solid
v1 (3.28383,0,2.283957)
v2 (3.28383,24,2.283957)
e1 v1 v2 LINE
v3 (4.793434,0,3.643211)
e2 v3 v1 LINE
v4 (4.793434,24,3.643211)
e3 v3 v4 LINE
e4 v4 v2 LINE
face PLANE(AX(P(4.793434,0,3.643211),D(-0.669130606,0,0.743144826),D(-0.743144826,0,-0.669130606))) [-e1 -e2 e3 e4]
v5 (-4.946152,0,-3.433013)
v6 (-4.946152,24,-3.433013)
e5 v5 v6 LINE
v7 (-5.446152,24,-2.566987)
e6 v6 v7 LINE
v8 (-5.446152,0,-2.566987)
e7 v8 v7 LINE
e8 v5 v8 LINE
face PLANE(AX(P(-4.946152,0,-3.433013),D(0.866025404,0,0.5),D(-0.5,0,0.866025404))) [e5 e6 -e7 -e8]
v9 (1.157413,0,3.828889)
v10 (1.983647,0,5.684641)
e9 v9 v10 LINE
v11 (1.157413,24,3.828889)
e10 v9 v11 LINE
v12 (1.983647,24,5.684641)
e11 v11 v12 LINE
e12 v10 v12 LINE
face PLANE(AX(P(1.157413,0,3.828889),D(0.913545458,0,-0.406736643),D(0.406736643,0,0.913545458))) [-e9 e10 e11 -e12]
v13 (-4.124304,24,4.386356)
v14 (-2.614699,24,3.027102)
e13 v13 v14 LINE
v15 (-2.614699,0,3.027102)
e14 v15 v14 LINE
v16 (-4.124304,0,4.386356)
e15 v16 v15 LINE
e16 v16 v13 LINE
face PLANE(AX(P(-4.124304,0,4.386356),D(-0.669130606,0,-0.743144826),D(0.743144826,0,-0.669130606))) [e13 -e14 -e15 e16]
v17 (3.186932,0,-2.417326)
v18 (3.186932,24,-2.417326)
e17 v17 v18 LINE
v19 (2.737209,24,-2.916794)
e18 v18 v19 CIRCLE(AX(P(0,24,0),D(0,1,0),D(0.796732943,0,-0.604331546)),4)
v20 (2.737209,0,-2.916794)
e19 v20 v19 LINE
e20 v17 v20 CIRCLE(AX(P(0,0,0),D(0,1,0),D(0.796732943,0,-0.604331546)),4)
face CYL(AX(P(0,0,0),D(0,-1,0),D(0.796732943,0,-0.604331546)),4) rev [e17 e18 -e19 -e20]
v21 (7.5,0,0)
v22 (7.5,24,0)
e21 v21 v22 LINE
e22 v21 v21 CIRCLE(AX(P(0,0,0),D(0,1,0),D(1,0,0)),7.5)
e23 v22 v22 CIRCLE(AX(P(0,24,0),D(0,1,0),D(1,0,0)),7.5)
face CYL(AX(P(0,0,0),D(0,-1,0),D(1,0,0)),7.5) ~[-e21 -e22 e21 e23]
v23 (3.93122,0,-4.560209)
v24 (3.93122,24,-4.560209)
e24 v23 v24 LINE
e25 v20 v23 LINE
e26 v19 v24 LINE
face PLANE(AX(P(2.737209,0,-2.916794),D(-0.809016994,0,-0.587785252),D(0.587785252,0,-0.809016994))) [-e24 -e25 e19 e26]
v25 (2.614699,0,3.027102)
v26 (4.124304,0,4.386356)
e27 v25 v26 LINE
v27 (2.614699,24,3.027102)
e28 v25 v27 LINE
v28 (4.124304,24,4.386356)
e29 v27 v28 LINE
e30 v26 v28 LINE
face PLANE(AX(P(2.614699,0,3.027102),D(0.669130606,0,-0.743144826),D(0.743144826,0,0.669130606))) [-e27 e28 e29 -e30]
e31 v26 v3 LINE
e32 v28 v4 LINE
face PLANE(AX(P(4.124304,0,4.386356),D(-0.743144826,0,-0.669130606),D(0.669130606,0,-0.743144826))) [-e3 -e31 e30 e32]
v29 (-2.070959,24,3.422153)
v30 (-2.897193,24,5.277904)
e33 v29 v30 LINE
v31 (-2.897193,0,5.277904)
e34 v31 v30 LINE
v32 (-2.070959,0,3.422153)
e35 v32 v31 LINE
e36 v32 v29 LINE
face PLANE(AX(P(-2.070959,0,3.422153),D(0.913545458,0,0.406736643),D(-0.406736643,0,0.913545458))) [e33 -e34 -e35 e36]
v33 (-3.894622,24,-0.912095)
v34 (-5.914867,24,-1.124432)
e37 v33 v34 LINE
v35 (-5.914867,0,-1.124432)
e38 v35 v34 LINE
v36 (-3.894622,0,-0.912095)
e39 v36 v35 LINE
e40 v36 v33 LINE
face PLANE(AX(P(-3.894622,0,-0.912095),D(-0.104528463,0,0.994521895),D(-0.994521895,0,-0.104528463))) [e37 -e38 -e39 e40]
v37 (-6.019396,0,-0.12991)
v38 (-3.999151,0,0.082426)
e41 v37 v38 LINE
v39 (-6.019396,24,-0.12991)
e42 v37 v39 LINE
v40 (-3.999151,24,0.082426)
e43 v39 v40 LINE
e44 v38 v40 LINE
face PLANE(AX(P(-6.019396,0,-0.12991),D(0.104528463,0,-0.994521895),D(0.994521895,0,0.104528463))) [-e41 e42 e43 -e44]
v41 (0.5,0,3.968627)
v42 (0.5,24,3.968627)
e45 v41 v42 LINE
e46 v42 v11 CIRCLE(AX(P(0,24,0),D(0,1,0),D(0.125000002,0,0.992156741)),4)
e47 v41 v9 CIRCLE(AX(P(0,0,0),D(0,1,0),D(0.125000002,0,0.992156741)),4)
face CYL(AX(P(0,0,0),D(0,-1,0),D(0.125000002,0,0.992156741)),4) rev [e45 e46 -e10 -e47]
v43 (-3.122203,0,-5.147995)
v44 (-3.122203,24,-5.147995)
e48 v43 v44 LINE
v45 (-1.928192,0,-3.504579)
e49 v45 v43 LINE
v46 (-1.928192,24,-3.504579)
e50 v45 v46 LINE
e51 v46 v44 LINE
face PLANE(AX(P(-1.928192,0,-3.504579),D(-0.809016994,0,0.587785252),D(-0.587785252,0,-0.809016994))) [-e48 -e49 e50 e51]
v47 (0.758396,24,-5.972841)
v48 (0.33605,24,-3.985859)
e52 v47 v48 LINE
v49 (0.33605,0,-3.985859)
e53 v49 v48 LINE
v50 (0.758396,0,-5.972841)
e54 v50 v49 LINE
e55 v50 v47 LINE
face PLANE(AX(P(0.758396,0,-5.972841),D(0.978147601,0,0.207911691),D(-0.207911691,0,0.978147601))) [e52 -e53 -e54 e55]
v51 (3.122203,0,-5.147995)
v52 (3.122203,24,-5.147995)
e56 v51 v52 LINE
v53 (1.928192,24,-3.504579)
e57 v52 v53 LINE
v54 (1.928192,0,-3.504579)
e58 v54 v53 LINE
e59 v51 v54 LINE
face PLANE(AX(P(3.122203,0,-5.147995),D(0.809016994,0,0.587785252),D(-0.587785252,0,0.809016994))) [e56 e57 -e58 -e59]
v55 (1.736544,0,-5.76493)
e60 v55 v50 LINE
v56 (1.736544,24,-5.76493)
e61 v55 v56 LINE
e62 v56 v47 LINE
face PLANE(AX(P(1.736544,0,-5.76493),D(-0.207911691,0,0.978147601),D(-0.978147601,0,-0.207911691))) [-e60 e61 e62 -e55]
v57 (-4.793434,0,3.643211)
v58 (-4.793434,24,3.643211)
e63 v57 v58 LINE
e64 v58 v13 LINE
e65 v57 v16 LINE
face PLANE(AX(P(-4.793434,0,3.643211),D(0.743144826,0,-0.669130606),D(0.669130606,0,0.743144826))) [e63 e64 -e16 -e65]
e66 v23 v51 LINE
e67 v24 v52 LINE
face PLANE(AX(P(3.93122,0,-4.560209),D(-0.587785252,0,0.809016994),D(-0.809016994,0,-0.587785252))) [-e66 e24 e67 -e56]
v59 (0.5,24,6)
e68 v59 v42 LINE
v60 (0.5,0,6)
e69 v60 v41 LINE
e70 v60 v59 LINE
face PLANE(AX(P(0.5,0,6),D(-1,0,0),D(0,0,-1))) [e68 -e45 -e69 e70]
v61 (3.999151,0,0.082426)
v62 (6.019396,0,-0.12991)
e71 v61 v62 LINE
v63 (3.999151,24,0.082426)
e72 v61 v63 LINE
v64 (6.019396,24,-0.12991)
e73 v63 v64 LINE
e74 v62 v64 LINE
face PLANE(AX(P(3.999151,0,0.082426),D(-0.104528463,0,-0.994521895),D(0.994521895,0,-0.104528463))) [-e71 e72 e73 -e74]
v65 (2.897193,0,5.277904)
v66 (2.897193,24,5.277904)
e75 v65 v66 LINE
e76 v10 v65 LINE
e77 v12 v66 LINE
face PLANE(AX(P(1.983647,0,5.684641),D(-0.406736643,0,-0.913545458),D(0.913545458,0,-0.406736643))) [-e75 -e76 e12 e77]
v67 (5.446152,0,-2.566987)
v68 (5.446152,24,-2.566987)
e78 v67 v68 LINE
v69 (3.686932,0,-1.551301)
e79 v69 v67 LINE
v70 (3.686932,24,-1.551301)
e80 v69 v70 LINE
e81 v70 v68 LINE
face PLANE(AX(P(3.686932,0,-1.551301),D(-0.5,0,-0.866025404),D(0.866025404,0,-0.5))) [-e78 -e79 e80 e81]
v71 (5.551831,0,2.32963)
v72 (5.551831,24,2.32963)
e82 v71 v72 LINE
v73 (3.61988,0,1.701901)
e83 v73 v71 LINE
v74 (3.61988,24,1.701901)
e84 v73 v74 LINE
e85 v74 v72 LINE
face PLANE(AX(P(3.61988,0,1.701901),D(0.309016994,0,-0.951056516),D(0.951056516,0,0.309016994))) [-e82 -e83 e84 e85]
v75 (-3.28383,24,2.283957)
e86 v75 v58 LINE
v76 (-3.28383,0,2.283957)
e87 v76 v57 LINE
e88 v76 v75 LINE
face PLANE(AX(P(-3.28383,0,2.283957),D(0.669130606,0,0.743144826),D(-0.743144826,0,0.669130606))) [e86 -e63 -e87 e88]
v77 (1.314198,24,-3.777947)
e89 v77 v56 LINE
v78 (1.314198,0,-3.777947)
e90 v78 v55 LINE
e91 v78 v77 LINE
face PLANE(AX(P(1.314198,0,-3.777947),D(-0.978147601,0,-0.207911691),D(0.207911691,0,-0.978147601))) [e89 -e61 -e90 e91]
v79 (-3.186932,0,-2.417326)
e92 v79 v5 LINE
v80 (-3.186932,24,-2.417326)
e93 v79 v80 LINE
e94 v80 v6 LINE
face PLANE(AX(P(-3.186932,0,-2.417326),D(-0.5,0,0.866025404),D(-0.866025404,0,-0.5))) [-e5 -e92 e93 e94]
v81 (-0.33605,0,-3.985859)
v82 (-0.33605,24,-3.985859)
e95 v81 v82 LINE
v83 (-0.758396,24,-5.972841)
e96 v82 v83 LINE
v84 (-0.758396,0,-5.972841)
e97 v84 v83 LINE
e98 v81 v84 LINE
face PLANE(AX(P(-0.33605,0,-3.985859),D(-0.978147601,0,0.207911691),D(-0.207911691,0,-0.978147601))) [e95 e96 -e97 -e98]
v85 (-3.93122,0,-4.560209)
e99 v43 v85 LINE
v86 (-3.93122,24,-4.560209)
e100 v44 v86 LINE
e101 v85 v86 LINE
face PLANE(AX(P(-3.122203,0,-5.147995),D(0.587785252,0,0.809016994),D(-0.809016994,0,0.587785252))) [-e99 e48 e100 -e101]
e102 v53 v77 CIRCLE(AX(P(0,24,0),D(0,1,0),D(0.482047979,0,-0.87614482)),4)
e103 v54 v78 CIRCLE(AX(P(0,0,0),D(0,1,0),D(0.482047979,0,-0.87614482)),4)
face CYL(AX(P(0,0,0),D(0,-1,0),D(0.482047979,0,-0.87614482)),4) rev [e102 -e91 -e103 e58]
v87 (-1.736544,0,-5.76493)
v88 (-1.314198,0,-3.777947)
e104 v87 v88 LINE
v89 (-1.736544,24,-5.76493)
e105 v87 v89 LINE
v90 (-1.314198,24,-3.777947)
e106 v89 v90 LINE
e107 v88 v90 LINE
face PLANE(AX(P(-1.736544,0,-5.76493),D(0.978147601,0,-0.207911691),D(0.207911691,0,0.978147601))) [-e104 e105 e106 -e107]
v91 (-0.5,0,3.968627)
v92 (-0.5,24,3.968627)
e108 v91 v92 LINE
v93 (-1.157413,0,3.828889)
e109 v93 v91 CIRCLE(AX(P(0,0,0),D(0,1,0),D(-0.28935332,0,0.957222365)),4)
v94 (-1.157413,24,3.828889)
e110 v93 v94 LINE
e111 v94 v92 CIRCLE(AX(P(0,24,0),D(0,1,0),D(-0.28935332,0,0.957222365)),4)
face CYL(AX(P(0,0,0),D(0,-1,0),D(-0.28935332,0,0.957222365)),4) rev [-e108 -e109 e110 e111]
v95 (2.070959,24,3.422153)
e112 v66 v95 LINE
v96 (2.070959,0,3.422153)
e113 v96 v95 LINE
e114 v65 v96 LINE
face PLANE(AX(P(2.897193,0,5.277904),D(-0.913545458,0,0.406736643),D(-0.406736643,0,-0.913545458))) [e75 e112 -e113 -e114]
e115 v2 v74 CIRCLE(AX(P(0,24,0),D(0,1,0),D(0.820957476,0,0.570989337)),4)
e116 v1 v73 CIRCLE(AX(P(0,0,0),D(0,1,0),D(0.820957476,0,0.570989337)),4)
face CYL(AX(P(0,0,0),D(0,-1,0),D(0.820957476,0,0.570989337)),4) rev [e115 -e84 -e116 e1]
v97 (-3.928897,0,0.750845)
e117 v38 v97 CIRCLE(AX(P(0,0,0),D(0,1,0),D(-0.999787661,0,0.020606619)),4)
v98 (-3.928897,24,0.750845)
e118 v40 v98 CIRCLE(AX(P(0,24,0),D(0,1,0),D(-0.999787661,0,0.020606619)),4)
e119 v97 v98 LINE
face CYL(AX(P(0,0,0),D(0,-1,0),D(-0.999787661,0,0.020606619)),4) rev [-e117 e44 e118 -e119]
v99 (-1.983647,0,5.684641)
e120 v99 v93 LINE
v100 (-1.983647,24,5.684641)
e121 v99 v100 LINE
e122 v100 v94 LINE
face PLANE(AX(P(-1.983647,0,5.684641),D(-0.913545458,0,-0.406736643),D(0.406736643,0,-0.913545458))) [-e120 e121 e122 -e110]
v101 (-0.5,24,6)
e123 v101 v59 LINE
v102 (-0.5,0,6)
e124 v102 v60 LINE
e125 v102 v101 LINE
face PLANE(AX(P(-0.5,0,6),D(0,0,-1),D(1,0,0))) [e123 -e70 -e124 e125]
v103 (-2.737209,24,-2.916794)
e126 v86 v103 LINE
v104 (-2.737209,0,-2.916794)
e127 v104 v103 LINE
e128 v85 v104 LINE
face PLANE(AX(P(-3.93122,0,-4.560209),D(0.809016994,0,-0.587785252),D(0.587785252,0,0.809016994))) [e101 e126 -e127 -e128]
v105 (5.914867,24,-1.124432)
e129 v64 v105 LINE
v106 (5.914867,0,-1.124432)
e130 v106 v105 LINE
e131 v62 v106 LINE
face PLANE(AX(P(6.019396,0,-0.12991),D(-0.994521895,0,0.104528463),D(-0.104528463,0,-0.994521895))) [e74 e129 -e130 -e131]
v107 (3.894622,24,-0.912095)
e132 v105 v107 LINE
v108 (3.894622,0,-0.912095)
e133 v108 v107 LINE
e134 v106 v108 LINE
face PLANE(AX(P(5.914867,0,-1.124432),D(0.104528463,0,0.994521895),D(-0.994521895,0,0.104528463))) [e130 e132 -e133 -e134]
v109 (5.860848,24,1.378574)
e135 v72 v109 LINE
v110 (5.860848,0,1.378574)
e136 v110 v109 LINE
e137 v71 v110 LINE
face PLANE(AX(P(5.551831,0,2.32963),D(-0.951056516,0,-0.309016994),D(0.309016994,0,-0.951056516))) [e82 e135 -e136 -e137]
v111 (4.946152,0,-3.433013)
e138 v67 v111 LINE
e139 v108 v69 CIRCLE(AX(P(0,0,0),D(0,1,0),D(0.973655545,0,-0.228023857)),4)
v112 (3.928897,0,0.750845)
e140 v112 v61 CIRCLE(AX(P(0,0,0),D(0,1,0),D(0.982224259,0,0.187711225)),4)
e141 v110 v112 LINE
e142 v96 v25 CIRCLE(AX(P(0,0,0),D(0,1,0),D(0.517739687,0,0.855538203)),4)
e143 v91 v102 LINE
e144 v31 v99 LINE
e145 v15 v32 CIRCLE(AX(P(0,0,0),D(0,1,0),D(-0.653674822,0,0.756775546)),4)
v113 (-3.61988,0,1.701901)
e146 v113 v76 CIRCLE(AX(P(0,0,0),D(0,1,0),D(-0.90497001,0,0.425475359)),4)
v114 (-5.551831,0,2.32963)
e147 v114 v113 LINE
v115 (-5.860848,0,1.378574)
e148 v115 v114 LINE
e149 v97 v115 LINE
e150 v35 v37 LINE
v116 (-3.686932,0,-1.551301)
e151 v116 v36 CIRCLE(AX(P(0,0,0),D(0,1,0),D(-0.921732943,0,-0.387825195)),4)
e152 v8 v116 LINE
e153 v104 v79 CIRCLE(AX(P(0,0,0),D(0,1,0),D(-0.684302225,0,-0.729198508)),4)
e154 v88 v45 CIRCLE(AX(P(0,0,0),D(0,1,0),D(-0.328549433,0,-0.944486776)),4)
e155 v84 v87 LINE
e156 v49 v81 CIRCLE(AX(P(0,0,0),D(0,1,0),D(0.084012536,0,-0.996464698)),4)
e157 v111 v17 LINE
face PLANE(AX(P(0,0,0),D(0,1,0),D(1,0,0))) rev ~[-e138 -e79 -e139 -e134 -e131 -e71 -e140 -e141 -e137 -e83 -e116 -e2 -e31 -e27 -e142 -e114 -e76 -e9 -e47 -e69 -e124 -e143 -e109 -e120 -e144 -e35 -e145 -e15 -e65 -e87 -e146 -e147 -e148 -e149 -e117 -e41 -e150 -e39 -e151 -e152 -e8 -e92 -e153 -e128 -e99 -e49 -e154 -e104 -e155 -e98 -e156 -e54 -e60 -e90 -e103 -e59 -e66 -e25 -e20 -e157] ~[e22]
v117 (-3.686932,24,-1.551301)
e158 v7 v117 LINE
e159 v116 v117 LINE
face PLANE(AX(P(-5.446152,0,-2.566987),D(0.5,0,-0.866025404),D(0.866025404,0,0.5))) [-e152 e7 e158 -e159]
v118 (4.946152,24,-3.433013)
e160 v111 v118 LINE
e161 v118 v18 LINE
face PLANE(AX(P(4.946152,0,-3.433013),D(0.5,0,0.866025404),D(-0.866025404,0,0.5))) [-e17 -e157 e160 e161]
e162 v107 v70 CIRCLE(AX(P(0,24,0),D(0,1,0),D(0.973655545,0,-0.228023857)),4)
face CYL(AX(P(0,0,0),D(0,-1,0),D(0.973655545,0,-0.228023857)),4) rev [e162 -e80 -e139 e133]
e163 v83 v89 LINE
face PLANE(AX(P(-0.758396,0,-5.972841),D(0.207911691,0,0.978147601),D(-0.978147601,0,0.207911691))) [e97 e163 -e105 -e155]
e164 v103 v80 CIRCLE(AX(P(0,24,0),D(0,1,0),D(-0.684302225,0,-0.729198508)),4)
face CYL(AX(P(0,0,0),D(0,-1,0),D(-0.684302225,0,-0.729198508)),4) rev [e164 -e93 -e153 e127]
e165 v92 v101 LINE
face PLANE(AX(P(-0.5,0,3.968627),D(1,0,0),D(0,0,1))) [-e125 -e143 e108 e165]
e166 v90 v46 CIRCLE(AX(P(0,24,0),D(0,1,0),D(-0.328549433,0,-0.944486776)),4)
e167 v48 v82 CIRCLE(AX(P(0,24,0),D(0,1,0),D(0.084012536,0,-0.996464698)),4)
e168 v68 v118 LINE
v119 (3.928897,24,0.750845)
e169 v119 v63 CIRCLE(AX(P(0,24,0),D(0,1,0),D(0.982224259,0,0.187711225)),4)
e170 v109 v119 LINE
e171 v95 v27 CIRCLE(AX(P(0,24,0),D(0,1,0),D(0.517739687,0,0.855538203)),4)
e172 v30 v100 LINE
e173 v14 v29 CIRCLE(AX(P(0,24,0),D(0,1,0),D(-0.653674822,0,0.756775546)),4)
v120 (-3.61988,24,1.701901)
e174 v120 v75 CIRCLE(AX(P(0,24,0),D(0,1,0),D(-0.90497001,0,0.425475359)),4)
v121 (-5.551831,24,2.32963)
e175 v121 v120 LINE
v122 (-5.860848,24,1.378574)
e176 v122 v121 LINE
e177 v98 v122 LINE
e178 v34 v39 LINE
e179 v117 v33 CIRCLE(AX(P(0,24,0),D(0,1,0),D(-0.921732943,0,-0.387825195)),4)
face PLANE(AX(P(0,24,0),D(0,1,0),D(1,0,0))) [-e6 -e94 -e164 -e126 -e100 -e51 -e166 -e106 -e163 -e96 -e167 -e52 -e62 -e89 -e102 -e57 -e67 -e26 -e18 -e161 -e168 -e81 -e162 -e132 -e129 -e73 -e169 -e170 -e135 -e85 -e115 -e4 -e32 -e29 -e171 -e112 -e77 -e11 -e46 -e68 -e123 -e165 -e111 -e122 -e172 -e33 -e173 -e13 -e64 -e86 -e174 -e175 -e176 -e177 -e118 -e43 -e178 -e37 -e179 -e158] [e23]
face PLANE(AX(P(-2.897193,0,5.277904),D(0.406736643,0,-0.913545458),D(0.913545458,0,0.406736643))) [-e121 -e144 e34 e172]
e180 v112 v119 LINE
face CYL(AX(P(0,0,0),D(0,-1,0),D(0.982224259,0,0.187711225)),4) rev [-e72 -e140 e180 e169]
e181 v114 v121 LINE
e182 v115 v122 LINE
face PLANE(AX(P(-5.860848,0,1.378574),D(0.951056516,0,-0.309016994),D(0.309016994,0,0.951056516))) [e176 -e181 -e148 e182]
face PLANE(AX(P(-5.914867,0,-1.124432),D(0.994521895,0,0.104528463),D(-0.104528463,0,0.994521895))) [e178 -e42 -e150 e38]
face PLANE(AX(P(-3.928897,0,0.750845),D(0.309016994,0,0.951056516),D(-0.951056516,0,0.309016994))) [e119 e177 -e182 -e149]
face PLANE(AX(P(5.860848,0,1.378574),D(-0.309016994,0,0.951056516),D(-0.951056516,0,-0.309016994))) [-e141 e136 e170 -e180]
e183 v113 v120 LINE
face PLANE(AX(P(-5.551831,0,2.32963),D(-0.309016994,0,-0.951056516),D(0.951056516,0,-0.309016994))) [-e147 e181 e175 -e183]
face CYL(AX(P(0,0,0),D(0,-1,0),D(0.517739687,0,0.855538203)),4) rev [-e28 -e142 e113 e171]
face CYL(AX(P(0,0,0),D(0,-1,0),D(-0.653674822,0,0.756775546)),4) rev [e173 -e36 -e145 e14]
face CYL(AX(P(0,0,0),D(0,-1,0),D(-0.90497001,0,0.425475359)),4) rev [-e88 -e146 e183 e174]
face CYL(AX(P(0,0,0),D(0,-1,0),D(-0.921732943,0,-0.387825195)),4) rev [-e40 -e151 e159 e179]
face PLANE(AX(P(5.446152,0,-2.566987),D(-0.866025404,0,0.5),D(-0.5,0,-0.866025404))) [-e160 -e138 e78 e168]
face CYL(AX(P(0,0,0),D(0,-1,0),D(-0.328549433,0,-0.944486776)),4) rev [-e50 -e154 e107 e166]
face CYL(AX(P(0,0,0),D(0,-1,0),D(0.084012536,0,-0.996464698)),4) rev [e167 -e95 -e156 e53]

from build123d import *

# Parameters (mm, degrees)
SKETCH1_R           = 7.5
BOSS_EXTRUDE1_DEPTH = 24


with BuildPart() as part:
    # Sketch1 → Boss-Extrude1 (new body)
    with BuildSketch(Plane(origin=(0, 0, 0), x_dir=(1, 0, 0), z_dir=(0, 1, 0))):
        Circle(SKETCH1_R)
        with BuildLine():
            Line((-0.5, -3.968626967), (-0.5, -6))
            Line((-0.5, -6), (0.5, -6))
            Line((0.5, -6), (0.5, -3.968626967))
            ThreePointArc((0.5, -3.968626967), (0.831646763, -3.912590403), (1.157413281, -3.82888946))
            Line((1.157413281, -3.82888946), (1.98364713, -5.684641067))
            Line((1.98364713, -5.684641067), (2.897192587, -5.277904424))
            Line((2.897192587, -5.277904424), (2.070958739, -3.422152817))
            ThreePointArc((2.070958739, -3.422152817), (2.351141009, -3.236067977), (2.614699291, -3.027102181))
            Line((2.614699291, -3.027102181), (4.12430365, -4.386356051))
            Line((4.12430365, -4.386356051), (4.793434256, -3.643211225))
            Line((4.793434256, -3.643211225), (3.283829898, -2.283957356))
            ThreePointArc((3.283829898, -2.283957356), (3.464101615, -2), (3.61988004, -1.701901435))
            Line((3.61988004, -1.701901435), (5.551830601, -2.329630224))
            Line((5.551830601, -2.329630224), (5.860847595, -1.378573708))
            Line((5.860847595, -1.378573708), (3.928897035, -0.750844919))
            ThreePointArc((3.928897035, -0.750844919), (3.978087581, -0.418113853), (3.999150644, -0.08242647))
            Line((3.999150644, -0.08242647), (6.019395604, 0.129909832))
            Line((6.019395604, 0.129909832), (5.914867141, 1.124431727))
            Line((5.914867141, 1.124431727), (3.894622181, 0.912095426))
            ThreePointArc((3.894622181, 0.912095426), (3.804226065, 1.236067977), (3.686931771, 1.551300781))
            Line((3.686931771, 1.551300781), (5.446152423, 2.566987298))
            Line((5.446152423, 2.566987298), (4.946152423, 3.433012702))
            Line((4.946152423, 3.433012702), (3.186931771, 2.417326185))
            ThreePointArc((3.186931771, 2.417326185), (2.972579302, 2.676522425), (2.7372089, 2.916794034))
            Line((2.7372089, 2.916794034), (3.931220011, 4.56020934))
            Line((3.931220011, 4.56020934), (3.122203017, 5.147994592))
            Line((3.122203017, 5.147994592), (1.928191906, 3.504579286))
            ThreePointArc((1.928191906, 3.504579286), (1.626946572, 3.654181831), (1.314197743, 3.7779471))
            Line((1.314197743, 3.7779471), (1.736543945, 5.764929759))
            Line((1.736543945, 5.764929759), (0.758396345, 5.97284145))
            Line((0.758396345, 5.97284145), (0.336050142, 3.985858791))
            ThreePointArc((0.336050142, 3.985858791), (0, 4), (-0.336050142, 3.985858791))
            Line((-0.336050142, 3.985858791), (-0.758396345, 5.97284145))
            Line((-0.758396345, 5.97284145), (-1.736543945, 5.764929759))
            Line((-1.736543945, 5.764929759), (-1.314197743, 3.7779471))
            ThreePointArc((-1.314197743, 3.7779471), (-1.626946572, 3.654181831), (-1.928191906, 3.504579286))
            Line((-1.928191906, 3.504579286), (-3.122203017, 5.147994592))
            Line((-3.122203017, 5.147994592), (-3.931220011, 4.56020934))
            Line((-3.931220011, 4.56020934), (-2.7372089, 2.916794034))
            ThreePointArc((-2.7372089, 2.916794034), (-2.972579302, 2.676522425), (-3.186931771, 2.417326185))
            Line((-3.186931771, 2.417326185), (-4.946152423, 3.433012702))
            Line((-4.946152423, 3.433012702), (-5.446152423, 2.566987298))
            Line((-5.446152423, 2.566987298), (-3.686931771, 1.551300781))
            ThreePointArc((-3.686931771, 1.551300781), (-3.804226065, 1.236067977), (-3.894622181, 0.912095426))
            Line((-3.894622181, 0.912095426), (-5.914867141, 1.124431727))
            Line((-5.914867141, 1.124431727), (-6.019395604, 0.129909832))
            Line((-6.019395604, 0.129909832), (-3.999150644, -0.08242647))
            ThreePointArc((-3.999150644, -0.08242647), (-3.978087581, -0.418113853), (-3.928897035, -0.750844919))
            Line((-3.928897035, -0.750844919), (-5.860847595, -1.378573708))
            Line((-5.860847595, -1.378573708), (-5.551830601, -2.329630224))
            Line((-5.551830601, -2.329630224), (-3.61988004, -1.701901435))
            ThreePointArc((-3.61988004, -1.701901435), (-3.464101615, -2), (-3.283829898, -2.283957356))
            Line((-3.283829898, -2.283957356), (-4.793434256, -3.643211225))
            Line((-4.793434256, -3.643211225), (-4.12430365, -4.386356051))
            Line((-4.12430365, -4.386356051), (-2.614699291, -3.027102181))
            ThreePointArc((-2.614699291, -3.027102181), (-2.351141009, -3.236067977), (-2.070958739, -3.422152817))
            Line((-2.070958739, -3.422152817), (-2.897192587, -5.277904424))
            Line((-2.897192587, -5.277904424), (-1.98364713, -5.684641067))
            Line((-1.98364713, -5.684641067), (-1.157413281, -3.82888946))
            ThreePointArc((-1.157413281, -3.82888946), (-0.831646763, -3.912590403), (-0.5, -3.968626967))
        make_face(mode=Mode.SUBTRACT)
    extrude(amount=BOSS_EXTRUDE1_DEPTH)


solid = part.part
